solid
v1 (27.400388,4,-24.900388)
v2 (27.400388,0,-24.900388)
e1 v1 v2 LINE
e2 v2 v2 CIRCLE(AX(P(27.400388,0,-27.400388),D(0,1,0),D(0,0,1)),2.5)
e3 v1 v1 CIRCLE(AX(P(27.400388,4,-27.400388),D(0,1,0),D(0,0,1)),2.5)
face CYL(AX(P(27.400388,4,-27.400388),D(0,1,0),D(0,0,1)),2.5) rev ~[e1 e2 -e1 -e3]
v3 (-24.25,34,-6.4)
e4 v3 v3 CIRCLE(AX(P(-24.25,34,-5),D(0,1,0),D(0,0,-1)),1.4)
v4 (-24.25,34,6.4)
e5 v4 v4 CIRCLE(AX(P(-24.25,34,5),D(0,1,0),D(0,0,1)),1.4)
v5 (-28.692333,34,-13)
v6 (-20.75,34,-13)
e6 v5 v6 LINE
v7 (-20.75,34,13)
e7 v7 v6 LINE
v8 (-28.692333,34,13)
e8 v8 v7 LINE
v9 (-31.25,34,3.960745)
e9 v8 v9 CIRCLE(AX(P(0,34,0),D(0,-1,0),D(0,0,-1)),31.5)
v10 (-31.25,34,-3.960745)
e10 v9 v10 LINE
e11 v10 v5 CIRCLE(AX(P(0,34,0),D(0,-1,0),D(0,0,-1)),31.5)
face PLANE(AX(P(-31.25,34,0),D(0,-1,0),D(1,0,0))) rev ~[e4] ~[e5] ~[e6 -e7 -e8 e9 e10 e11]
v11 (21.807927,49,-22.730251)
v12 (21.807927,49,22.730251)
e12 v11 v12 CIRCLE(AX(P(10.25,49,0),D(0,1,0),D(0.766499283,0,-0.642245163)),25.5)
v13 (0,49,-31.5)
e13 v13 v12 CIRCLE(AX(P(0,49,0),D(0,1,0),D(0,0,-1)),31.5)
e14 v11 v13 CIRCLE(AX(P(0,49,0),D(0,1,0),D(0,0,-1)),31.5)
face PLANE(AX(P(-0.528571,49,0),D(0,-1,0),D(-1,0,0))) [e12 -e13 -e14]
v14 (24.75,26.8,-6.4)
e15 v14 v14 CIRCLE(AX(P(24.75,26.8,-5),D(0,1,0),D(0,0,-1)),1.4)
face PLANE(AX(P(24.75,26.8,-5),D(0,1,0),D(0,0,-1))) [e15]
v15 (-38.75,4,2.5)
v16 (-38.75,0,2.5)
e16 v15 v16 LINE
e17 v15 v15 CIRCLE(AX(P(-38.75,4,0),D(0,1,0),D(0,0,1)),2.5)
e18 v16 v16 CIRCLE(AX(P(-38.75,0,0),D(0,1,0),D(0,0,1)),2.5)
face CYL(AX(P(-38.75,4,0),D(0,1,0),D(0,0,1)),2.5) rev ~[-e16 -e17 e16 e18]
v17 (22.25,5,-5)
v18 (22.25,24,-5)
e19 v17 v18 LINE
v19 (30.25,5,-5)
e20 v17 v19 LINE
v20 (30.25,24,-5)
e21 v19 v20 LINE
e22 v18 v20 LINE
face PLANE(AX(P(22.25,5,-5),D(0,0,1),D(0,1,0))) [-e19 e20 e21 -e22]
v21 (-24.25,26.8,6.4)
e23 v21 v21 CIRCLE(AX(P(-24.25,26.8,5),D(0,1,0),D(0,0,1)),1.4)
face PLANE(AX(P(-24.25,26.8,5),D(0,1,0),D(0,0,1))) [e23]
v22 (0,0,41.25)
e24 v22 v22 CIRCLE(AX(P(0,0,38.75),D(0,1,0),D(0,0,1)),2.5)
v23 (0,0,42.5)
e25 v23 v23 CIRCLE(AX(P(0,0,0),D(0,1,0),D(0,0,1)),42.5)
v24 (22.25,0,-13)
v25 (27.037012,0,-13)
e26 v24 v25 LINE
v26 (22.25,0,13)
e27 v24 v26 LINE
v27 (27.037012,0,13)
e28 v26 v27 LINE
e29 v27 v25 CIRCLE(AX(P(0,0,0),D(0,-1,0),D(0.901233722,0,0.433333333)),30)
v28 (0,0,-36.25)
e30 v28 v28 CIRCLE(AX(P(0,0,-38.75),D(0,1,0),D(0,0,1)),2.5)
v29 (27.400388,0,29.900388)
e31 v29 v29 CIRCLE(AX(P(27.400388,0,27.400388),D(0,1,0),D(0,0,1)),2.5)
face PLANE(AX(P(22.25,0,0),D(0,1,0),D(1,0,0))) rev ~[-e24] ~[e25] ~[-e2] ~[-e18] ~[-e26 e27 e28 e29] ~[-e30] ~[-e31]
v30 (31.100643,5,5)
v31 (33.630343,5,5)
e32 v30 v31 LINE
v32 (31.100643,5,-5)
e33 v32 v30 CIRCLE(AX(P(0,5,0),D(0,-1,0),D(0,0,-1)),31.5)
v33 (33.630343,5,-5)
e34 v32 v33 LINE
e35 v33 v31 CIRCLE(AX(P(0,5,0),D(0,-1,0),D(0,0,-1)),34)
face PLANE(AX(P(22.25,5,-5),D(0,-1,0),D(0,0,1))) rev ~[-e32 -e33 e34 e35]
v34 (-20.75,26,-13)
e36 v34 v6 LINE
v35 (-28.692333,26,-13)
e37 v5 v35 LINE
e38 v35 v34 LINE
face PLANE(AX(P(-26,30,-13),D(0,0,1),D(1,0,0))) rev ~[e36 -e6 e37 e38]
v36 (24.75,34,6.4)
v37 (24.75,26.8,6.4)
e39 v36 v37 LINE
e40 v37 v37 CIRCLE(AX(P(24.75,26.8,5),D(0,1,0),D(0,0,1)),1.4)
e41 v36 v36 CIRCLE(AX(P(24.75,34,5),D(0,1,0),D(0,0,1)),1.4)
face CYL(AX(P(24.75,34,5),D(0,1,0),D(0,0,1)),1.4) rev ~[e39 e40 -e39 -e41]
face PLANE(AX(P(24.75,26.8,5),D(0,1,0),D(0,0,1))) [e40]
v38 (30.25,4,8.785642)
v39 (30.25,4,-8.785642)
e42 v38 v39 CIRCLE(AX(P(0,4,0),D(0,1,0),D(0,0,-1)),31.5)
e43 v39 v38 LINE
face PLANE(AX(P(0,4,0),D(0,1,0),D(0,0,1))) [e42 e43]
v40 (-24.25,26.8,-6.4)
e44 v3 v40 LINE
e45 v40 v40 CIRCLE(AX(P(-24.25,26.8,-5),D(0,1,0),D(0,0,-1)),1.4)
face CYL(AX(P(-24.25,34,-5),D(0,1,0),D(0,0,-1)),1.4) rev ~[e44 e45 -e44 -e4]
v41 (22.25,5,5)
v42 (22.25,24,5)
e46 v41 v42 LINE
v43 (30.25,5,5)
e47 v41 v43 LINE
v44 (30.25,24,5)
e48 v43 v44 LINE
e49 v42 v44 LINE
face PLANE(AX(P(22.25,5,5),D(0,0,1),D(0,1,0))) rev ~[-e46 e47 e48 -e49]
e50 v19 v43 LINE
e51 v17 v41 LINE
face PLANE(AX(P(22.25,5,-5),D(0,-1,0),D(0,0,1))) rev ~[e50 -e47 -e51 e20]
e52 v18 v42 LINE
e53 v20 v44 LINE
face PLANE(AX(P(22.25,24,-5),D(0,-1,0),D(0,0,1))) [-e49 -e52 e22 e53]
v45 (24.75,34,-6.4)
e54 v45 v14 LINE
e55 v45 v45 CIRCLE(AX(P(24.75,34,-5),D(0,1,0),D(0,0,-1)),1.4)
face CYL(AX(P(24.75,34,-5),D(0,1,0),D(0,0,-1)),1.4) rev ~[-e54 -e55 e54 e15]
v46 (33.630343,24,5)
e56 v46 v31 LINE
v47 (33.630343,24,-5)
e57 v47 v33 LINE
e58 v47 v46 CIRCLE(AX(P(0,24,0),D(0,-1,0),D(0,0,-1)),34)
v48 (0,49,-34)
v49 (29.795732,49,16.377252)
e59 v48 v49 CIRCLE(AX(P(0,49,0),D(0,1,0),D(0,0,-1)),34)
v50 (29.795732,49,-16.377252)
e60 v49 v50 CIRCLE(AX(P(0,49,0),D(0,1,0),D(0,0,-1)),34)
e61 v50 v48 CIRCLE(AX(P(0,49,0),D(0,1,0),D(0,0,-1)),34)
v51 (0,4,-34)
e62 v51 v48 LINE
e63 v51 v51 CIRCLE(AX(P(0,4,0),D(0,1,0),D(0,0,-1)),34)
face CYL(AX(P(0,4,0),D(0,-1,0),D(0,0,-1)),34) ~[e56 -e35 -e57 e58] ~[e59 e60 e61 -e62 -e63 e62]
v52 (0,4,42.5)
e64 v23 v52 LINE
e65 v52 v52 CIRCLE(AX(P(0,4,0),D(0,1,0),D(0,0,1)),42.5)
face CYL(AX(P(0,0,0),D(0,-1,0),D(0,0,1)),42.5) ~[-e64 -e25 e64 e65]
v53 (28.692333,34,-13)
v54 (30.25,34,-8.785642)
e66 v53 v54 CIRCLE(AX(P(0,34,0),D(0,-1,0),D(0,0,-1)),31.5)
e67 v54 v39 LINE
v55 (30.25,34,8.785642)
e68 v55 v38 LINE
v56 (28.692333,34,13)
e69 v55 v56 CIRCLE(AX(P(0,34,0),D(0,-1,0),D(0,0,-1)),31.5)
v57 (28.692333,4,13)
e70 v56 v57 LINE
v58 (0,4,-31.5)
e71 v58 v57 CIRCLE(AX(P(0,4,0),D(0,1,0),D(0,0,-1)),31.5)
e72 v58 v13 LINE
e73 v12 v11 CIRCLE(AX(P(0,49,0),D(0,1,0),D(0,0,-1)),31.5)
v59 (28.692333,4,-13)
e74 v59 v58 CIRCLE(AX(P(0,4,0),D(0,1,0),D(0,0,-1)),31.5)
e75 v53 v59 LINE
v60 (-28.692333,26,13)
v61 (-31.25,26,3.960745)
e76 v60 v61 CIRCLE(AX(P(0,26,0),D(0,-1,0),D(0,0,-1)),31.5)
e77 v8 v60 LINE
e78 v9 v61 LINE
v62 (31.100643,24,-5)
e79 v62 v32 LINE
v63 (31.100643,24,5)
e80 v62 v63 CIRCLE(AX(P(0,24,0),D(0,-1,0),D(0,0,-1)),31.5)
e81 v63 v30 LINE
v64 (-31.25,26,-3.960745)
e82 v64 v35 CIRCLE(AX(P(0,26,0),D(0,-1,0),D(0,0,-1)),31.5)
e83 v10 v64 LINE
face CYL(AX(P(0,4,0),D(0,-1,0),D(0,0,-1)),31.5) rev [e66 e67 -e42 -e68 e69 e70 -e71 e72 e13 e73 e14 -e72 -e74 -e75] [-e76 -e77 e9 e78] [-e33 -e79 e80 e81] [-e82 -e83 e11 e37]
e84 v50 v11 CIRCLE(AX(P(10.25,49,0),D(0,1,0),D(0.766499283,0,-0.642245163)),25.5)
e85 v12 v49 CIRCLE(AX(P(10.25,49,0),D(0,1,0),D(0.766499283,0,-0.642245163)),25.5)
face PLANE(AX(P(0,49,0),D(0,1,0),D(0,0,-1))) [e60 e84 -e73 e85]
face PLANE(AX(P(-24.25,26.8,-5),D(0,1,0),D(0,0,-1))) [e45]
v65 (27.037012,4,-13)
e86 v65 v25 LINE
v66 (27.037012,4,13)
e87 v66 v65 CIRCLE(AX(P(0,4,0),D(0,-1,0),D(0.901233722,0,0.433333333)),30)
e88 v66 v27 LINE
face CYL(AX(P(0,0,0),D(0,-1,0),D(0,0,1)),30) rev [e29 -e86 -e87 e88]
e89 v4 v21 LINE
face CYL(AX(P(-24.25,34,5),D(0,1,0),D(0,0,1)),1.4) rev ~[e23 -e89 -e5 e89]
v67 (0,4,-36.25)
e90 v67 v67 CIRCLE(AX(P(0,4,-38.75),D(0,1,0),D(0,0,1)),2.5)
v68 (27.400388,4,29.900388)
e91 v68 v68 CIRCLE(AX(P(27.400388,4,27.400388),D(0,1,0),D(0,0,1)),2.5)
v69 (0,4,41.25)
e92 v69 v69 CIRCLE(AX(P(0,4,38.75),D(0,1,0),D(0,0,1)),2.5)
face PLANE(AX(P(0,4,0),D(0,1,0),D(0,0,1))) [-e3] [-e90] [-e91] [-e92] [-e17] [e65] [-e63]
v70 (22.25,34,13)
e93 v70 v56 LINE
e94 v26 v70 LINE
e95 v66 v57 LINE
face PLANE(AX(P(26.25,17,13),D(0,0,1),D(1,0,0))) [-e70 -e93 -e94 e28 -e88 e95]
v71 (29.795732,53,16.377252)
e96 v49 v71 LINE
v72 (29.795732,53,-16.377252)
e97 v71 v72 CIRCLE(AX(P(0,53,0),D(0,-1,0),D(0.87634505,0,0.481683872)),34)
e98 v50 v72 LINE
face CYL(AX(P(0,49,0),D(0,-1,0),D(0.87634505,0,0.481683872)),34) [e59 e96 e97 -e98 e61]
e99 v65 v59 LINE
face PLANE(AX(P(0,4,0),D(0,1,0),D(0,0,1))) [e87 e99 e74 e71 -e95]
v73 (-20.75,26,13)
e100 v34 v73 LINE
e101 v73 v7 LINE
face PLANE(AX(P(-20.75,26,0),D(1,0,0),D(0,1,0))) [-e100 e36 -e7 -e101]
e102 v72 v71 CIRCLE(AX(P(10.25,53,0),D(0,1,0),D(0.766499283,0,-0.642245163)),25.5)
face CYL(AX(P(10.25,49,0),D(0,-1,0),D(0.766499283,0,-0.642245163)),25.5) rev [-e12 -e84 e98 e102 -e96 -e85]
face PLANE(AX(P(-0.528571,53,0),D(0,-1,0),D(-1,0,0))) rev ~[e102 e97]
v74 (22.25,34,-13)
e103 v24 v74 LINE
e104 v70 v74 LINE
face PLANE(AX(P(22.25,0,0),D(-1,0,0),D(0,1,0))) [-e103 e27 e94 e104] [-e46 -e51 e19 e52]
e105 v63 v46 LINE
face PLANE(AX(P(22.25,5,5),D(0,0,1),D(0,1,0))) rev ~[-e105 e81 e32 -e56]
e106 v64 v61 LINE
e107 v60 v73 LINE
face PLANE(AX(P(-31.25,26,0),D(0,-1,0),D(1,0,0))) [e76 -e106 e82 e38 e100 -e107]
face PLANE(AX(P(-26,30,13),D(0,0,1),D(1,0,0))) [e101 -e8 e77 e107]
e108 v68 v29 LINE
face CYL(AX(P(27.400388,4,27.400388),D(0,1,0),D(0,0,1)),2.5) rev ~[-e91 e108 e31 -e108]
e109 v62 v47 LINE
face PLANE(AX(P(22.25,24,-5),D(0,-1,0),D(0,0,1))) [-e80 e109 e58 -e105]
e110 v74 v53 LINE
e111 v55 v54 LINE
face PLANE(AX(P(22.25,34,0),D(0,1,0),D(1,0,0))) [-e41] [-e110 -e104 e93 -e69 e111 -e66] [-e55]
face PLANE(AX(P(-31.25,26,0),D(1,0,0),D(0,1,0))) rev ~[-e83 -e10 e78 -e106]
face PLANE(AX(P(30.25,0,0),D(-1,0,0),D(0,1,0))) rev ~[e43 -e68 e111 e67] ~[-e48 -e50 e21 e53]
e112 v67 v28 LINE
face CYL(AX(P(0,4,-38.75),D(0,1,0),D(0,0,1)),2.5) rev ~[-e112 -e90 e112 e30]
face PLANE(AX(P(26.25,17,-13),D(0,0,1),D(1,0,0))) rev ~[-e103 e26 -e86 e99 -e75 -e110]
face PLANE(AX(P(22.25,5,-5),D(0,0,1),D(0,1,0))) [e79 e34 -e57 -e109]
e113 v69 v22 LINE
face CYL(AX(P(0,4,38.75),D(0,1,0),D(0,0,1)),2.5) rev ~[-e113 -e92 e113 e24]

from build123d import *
from build123d.topology import SkipClean

# Parameters (mm, degrees)
SKETCH1_R           = 42.5
SKETCH1_R_2         = 30
BOSS_EXTRUDE1_DEPTH = 4
SKETCH2_R           = 34
SKETCH2_R_2         = 31.5
BOSS_EXTRUDE2_DEPTH = 45
SKETCH3_W           = 8
SKETCH3_H           = 34
SKETCH3_W_2         = 10.5
SKETCH3_H_2         = 8
BOSS_EXTRUDE3_DEPTH = 13
SKETCH4_W           = 10
SKETCH4_H           = 19
CUT_EXTRUDE1_DEPTH  = 92.650490997
SKETCH6_R           = 1.4
CUT_EXTRUDE3_DEPTH  = 7.2
SKETCH8_R           = 2.5
CUT_EXTRUDE4_DEPTH  = 4
BOSS_EXTRUDE4_DEPTH = 4


with BuildPart() as part:
    # Sketch1 → Boss-Extrude1 (new body)
    with BuildSketch(Plane(origin=(0, 0, 0), x_dir=(1, 0, 0), z_dir=(0, 1, 0))):
        with Locations(Location((0, 0, 0), (0, 0, 270))):
            Circle(SKETCH1_R)
        with Locations(Location((0, 0, 0), (0, 0, 270))):
            Circle(SKETCH1_R_2, mode=Mode.SUBTRACT)
    extrude(amount=BOSS_EXTRUDE1_DEPTH)

    # Sketch2 → Boss-Extrude2 (add)
    with BuildSketch(Plane(origin=(0, 4, 0), x_dir=(1, 0, 0), z_dir=(0, 1, 0))):
        with Locations(Location((0, 0, 0), (0, 0, 90))):
            Circle(SKETCH2_R)
        with Locations(Location((0, 0, 0), (0, 0, 90))):
            Circle(SKETCH2_R_2, mode=Mode.SUBTRACT)
    extrude(amount=BOSS_EXTRUDE2_DEPTH)

    # Sketch3 → Boss-Extrude3 (add, symmetric)
    with BuildSketch(Plane.XY):
        with Locations((26.25, 17)):
            Rectangle(SKETCH3_W, SKETCH3_H)
        with Locations((-26, 30)):
            Rectangle(SKETCH3_W_2, SKETCH3_H_2)
    extrude(amount=BOSS_EXTRUDE3_DEPTH, both=True)

    # Sketch4 → Cut-Extrude1 (cut, through all)
    with BuildSketch(Plane.ZY.offset(-22.25)):
        with Locations((0, 14.5)):
            Rectangle(SKETCH4_W, SKETCH4_H)
    extrude(amount=-CUT_EXTRUDE1_DEPTH, mode=Mode.SUBTRACT)

    # Sketch6 → Cut-Extrude3 (cut)
    with BuildSketch(Plane(origin=(0, 34, 0), x_dir=(1, 0, 0), z_dir=(0, 1, 0))):
        with Locations(Location((-24.25, -5, 0), (0, 0, 270))):
            Circle(SKETCH6_R)
        with Locations(Location((24.75, -5, 0), (0, 0, 270))):
            Circle(SKETCH6_R)
        with Locations(Location((24.75, 5, 0), (0, 0, 90))):
            Circle(SKETCH6_R)
        with Locations(Location((-24.25, 5, 0), (0, 0, 90))):
            Circle(SKETCH6_R)
    extrude(amount=-CUT_EXTRUDE3_DEPTH, mode=Mode.SUBTRACT)

    # Sketch8 → Cut-Extrude4 (cut)
    with BuildSketch(Plane(origin=(0, 4, 0), x_dir=(1, 0, 0), z_dir=(0, 1, 0))):
        with Locations(Location((-38.75, 0, 0), (0, 0, 270))):
            Circle(SKETCH8_R)
        with Locations(Location((0, 38.75, 0), (0, 0, 270))):
            Circle(SKETCH8_R)
        with Locations(Location((0, -38.75, 0), (0, 0, 270))):
            Circle(SKETCH8_R)
        with Locations(Location((27.400387771, -27.400387771, 0), (0, 0, 270))):
            Circle(SKETCH8_R)
        with Locations(Location((27.400387771, 27.400387771, 0), (0, 0, 270))):
            Circle(SKETCH8_R)
    extrude(amount=-CUT_EXTRUDE4_DEPTH, mode=Mode.SUBTRACT)

    # Sketch9 → Boss-Extrude4 (add)
    with SkipClean():  # the faces are left unmerged after this step: merging them gives an invalid solid
        with BuildSketch(Plane(origin=(0, 49, 0), x_dir=(1, 0, 0), z_dir=(0, 1, 0))):
            with BuildLine():
                ThreePointArc((29.795731707, 16.377251663), (-15.25, 0), (29.795731707, -16.377251663))
                ThreePointArc((29.795731707, -16.377251663), (-34, 0), (29.795731707, 16.377251663))
            make_face()
        extrude(amount=BOSS_EXTRUDE4_DEPTH)


solid = part.part
